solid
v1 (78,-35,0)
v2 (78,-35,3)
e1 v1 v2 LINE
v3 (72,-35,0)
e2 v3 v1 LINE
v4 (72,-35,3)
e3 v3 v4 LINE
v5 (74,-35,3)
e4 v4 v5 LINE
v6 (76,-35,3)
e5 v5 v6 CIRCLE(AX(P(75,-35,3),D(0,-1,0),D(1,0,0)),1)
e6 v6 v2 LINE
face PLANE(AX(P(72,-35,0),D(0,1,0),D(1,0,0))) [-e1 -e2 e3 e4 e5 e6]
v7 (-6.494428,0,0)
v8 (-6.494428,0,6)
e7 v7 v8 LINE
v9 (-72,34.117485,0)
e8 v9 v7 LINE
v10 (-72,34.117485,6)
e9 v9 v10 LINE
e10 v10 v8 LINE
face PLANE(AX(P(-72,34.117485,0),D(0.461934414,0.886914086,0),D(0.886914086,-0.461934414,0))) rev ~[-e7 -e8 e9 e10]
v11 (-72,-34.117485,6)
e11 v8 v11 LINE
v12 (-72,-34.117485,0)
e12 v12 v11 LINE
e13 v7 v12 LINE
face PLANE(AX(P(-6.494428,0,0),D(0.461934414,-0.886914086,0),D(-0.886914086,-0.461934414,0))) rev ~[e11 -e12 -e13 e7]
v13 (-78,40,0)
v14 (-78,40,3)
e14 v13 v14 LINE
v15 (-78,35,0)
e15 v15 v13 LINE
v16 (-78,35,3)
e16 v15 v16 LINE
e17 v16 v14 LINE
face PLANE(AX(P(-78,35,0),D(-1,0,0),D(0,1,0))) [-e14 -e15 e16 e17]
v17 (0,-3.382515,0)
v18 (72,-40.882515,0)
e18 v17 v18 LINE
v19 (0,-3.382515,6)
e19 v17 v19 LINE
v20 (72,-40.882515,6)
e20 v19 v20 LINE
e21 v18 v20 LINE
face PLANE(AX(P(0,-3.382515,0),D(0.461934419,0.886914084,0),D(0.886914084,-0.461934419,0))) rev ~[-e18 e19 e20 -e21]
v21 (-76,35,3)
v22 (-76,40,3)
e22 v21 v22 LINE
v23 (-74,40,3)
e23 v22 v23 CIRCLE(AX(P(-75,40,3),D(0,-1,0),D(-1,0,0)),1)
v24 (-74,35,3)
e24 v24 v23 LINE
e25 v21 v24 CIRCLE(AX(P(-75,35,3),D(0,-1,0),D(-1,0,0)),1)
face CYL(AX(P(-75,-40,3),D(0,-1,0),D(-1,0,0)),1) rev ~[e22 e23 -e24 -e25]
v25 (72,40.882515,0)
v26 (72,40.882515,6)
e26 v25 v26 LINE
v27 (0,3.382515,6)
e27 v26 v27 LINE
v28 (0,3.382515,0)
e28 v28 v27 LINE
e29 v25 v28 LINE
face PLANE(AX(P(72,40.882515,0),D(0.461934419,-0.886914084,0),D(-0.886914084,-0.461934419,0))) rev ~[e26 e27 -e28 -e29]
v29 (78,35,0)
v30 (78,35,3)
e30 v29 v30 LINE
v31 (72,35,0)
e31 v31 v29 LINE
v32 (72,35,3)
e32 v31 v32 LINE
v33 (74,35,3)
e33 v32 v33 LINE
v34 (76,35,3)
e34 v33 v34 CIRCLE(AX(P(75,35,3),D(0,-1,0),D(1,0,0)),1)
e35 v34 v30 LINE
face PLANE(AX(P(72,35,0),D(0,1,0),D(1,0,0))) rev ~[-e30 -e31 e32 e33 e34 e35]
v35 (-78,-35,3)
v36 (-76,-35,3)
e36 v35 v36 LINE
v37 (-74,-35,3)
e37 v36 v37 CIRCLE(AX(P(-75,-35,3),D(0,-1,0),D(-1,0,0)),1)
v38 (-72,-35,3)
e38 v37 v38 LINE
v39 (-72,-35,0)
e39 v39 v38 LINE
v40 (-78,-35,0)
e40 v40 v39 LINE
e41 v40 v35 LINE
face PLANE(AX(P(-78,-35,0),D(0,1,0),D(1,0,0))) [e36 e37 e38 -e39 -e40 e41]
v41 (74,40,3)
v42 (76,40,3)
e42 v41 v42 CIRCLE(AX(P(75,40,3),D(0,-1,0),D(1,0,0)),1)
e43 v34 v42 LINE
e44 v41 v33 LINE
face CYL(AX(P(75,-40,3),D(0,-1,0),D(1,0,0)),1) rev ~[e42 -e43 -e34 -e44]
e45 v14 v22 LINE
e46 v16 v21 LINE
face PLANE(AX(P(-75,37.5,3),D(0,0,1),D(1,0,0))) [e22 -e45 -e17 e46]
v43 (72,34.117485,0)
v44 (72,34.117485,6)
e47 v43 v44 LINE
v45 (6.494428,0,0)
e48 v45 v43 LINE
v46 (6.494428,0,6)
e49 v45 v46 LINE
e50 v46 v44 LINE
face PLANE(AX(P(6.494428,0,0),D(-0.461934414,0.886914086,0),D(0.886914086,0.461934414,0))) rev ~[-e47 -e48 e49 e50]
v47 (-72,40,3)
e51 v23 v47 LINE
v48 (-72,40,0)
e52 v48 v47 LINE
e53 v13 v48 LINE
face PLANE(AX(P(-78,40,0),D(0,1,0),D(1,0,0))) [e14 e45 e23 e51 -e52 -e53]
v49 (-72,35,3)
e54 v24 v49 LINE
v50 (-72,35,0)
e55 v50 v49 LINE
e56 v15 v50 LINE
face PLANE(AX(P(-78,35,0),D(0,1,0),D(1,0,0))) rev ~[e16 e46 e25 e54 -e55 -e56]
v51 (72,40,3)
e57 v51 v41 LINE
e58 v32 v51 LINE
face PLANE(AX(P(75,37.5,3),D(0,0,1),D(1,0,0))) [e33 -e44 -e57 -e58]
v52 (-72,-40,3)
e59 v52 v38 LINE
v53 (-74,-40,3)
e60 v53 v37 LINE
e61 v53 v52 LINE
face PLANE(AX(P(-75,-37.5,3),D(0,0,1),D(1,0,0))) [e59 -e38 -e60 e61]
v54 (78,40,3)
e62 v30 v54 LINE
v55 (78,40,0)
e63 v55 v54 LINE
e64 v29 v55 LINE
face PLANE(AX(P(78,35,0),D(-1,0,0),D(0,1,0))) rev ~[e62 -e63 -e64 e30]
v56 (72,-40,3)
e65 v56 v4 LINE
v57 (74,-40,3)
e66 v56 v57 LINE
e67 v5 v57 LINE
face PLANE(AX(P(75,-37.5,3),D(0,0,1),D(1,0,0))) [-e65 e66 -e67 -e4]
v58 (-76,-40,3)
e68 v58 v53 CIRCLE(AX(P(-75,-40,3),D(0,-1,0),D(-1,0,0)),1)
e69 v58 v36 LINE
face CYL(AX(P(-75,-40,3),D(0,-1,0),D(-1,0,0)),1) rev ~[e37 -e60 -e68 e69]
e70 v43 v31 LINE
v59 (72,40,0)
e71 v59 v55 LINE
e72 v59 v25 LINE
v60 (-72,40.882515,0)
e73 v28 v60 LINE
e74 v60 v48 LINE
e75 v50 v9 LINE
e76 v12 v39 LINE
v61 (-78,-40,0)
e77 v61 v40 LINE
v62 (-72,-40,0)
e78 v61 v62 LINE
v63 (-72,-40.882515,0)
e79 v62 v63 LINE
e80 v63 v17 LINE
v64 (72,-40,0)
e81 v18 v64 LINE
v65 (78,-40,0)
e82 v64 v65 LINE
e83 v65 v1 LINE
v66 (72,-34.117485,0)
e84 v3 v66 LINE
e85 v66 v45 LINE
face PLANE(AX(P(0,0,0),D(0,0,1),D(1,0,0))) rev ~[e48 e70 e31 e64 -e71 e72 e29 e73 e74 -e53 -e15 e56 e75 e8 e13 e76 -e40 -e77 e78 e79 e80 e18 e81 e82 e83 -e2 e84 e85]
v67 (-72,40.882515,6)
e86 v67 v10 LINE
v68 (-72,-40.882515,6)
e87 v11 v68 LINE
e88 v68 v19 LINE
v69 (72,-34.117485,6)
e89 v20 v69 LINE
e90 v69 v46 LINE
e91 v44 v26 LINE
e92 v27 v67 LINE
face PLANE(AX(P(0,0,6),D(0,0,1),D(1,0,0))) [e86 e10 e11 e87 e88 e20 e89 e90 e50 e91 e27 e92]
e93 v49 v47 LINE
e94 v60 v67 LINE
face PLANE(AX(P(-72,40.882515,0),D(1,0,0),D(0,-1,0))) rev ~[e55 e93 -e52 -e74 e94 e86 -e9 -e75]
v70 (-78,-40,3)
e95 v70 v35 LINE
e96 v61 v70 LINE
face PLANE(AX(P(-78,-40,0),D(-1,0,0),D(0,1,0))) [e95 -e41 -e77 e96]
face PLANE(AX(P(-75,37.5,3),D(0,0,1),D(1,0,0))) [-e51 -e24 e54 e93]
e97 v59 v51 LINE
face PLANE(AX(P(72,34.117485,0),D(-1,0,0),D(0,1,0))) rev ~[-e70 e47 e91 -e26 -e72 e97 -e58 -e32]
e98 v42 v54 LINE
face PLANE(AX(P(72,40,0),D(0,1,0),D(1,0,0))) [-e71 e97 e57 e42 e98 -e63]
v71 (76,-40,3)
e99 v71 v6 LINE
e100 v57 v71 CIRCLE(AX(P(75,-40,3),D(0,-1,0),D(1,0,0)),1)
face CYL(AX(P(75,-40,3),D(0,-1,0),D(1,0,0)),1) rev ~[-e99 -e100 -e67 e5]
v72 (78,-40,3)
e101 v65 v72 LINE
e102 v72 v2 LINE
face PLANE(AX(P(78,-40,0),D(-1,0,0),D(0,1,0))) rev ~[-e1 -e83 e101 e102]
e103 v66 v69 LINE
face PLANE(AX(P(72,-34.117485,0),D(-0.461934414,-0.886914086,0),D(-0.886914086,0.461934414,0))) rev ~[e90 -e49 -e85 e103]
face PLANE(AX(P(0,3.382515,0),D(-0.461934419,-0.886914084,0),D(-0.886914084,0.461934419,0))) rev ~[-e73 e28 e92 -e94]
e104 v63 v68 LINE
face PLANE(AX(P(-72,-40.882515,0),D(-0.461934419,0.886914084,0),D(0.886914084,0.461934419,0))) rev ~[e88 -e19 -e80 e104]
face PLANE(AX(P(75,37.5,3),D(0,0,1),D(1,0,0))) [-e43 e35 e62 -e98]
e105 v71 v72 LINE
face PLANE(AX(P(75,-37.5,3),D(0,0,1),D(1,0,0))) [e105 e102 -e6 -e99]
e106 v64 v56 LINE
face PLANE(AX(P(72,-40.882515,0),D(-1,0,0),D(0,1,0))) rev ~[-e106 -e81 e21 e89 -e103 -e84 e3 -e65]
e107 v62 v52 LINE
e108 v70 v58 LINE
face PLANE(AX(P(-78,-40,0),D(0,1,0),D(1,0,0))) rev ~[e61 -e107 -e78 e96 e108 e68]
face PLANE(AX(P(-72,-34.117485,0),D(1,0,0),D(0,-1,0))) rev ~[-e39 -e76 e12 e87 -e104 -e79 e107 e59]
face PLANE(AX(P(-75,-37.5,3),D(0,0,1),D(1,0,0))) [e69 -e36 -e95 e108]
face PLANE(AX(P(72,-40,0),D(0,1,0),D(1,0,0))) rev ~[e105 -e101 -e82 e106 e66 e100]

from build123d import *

# Parameters (mm, degrees)
F1_DEPTH = 6
F2_W     = 6
F2_H     = 5
F3_DEPTH = 3
F4_R     = 1
F5_DEPTH = 100


with BuildPart() as f1:
    # F0 (on Top) → F1 (new body)
    with BuildSketch(Plane.XY):
        Polygon((0, 3.382515), (-72, 40.882515), (-72, 34.117485), (-6.494428, 0), (-72, -34.117485), (-72, -40.882515), (0, -3.382515), (72, -40.882515), (72, -34.117485), (6.494428, 0), (72, 34.117485), (72, 40.882515), align=None)
    extrude(amount=F1_DEPTH)

    # F2 (on Top) → F3 (join)
    with BuildSketch(Plane.XY):
        with Locations((-75, 37.5)):
            Rectangle(F2_W, F2_H)
        with Locations((-75, -37.5)):
            Rectangle(F2_W, F2_H)
        with Locations((75, -37.5)):
            Rectangle(F2_W, F2_H)
        with Locations((75, 37.5)):
            Rectangle(F2_W, F2_H)
    extrude(amount=F3_DEPTH)

    # F4 (on face) → F5 (cut)
    with BuildSketch(Plane.XZ.offset(40)):
        with BuildLine():
            ThreePointArc((-76, 3), (-75, 2), (-74, 3))
            Line((-74, 3), (-76, 3))
        make_face()
        with Locations((75, 3)):
            Circle(F4_R)
    extrude(amount=-F5_DEPTH, mode=Mode.SUBTRACT)


solid = f1.part
